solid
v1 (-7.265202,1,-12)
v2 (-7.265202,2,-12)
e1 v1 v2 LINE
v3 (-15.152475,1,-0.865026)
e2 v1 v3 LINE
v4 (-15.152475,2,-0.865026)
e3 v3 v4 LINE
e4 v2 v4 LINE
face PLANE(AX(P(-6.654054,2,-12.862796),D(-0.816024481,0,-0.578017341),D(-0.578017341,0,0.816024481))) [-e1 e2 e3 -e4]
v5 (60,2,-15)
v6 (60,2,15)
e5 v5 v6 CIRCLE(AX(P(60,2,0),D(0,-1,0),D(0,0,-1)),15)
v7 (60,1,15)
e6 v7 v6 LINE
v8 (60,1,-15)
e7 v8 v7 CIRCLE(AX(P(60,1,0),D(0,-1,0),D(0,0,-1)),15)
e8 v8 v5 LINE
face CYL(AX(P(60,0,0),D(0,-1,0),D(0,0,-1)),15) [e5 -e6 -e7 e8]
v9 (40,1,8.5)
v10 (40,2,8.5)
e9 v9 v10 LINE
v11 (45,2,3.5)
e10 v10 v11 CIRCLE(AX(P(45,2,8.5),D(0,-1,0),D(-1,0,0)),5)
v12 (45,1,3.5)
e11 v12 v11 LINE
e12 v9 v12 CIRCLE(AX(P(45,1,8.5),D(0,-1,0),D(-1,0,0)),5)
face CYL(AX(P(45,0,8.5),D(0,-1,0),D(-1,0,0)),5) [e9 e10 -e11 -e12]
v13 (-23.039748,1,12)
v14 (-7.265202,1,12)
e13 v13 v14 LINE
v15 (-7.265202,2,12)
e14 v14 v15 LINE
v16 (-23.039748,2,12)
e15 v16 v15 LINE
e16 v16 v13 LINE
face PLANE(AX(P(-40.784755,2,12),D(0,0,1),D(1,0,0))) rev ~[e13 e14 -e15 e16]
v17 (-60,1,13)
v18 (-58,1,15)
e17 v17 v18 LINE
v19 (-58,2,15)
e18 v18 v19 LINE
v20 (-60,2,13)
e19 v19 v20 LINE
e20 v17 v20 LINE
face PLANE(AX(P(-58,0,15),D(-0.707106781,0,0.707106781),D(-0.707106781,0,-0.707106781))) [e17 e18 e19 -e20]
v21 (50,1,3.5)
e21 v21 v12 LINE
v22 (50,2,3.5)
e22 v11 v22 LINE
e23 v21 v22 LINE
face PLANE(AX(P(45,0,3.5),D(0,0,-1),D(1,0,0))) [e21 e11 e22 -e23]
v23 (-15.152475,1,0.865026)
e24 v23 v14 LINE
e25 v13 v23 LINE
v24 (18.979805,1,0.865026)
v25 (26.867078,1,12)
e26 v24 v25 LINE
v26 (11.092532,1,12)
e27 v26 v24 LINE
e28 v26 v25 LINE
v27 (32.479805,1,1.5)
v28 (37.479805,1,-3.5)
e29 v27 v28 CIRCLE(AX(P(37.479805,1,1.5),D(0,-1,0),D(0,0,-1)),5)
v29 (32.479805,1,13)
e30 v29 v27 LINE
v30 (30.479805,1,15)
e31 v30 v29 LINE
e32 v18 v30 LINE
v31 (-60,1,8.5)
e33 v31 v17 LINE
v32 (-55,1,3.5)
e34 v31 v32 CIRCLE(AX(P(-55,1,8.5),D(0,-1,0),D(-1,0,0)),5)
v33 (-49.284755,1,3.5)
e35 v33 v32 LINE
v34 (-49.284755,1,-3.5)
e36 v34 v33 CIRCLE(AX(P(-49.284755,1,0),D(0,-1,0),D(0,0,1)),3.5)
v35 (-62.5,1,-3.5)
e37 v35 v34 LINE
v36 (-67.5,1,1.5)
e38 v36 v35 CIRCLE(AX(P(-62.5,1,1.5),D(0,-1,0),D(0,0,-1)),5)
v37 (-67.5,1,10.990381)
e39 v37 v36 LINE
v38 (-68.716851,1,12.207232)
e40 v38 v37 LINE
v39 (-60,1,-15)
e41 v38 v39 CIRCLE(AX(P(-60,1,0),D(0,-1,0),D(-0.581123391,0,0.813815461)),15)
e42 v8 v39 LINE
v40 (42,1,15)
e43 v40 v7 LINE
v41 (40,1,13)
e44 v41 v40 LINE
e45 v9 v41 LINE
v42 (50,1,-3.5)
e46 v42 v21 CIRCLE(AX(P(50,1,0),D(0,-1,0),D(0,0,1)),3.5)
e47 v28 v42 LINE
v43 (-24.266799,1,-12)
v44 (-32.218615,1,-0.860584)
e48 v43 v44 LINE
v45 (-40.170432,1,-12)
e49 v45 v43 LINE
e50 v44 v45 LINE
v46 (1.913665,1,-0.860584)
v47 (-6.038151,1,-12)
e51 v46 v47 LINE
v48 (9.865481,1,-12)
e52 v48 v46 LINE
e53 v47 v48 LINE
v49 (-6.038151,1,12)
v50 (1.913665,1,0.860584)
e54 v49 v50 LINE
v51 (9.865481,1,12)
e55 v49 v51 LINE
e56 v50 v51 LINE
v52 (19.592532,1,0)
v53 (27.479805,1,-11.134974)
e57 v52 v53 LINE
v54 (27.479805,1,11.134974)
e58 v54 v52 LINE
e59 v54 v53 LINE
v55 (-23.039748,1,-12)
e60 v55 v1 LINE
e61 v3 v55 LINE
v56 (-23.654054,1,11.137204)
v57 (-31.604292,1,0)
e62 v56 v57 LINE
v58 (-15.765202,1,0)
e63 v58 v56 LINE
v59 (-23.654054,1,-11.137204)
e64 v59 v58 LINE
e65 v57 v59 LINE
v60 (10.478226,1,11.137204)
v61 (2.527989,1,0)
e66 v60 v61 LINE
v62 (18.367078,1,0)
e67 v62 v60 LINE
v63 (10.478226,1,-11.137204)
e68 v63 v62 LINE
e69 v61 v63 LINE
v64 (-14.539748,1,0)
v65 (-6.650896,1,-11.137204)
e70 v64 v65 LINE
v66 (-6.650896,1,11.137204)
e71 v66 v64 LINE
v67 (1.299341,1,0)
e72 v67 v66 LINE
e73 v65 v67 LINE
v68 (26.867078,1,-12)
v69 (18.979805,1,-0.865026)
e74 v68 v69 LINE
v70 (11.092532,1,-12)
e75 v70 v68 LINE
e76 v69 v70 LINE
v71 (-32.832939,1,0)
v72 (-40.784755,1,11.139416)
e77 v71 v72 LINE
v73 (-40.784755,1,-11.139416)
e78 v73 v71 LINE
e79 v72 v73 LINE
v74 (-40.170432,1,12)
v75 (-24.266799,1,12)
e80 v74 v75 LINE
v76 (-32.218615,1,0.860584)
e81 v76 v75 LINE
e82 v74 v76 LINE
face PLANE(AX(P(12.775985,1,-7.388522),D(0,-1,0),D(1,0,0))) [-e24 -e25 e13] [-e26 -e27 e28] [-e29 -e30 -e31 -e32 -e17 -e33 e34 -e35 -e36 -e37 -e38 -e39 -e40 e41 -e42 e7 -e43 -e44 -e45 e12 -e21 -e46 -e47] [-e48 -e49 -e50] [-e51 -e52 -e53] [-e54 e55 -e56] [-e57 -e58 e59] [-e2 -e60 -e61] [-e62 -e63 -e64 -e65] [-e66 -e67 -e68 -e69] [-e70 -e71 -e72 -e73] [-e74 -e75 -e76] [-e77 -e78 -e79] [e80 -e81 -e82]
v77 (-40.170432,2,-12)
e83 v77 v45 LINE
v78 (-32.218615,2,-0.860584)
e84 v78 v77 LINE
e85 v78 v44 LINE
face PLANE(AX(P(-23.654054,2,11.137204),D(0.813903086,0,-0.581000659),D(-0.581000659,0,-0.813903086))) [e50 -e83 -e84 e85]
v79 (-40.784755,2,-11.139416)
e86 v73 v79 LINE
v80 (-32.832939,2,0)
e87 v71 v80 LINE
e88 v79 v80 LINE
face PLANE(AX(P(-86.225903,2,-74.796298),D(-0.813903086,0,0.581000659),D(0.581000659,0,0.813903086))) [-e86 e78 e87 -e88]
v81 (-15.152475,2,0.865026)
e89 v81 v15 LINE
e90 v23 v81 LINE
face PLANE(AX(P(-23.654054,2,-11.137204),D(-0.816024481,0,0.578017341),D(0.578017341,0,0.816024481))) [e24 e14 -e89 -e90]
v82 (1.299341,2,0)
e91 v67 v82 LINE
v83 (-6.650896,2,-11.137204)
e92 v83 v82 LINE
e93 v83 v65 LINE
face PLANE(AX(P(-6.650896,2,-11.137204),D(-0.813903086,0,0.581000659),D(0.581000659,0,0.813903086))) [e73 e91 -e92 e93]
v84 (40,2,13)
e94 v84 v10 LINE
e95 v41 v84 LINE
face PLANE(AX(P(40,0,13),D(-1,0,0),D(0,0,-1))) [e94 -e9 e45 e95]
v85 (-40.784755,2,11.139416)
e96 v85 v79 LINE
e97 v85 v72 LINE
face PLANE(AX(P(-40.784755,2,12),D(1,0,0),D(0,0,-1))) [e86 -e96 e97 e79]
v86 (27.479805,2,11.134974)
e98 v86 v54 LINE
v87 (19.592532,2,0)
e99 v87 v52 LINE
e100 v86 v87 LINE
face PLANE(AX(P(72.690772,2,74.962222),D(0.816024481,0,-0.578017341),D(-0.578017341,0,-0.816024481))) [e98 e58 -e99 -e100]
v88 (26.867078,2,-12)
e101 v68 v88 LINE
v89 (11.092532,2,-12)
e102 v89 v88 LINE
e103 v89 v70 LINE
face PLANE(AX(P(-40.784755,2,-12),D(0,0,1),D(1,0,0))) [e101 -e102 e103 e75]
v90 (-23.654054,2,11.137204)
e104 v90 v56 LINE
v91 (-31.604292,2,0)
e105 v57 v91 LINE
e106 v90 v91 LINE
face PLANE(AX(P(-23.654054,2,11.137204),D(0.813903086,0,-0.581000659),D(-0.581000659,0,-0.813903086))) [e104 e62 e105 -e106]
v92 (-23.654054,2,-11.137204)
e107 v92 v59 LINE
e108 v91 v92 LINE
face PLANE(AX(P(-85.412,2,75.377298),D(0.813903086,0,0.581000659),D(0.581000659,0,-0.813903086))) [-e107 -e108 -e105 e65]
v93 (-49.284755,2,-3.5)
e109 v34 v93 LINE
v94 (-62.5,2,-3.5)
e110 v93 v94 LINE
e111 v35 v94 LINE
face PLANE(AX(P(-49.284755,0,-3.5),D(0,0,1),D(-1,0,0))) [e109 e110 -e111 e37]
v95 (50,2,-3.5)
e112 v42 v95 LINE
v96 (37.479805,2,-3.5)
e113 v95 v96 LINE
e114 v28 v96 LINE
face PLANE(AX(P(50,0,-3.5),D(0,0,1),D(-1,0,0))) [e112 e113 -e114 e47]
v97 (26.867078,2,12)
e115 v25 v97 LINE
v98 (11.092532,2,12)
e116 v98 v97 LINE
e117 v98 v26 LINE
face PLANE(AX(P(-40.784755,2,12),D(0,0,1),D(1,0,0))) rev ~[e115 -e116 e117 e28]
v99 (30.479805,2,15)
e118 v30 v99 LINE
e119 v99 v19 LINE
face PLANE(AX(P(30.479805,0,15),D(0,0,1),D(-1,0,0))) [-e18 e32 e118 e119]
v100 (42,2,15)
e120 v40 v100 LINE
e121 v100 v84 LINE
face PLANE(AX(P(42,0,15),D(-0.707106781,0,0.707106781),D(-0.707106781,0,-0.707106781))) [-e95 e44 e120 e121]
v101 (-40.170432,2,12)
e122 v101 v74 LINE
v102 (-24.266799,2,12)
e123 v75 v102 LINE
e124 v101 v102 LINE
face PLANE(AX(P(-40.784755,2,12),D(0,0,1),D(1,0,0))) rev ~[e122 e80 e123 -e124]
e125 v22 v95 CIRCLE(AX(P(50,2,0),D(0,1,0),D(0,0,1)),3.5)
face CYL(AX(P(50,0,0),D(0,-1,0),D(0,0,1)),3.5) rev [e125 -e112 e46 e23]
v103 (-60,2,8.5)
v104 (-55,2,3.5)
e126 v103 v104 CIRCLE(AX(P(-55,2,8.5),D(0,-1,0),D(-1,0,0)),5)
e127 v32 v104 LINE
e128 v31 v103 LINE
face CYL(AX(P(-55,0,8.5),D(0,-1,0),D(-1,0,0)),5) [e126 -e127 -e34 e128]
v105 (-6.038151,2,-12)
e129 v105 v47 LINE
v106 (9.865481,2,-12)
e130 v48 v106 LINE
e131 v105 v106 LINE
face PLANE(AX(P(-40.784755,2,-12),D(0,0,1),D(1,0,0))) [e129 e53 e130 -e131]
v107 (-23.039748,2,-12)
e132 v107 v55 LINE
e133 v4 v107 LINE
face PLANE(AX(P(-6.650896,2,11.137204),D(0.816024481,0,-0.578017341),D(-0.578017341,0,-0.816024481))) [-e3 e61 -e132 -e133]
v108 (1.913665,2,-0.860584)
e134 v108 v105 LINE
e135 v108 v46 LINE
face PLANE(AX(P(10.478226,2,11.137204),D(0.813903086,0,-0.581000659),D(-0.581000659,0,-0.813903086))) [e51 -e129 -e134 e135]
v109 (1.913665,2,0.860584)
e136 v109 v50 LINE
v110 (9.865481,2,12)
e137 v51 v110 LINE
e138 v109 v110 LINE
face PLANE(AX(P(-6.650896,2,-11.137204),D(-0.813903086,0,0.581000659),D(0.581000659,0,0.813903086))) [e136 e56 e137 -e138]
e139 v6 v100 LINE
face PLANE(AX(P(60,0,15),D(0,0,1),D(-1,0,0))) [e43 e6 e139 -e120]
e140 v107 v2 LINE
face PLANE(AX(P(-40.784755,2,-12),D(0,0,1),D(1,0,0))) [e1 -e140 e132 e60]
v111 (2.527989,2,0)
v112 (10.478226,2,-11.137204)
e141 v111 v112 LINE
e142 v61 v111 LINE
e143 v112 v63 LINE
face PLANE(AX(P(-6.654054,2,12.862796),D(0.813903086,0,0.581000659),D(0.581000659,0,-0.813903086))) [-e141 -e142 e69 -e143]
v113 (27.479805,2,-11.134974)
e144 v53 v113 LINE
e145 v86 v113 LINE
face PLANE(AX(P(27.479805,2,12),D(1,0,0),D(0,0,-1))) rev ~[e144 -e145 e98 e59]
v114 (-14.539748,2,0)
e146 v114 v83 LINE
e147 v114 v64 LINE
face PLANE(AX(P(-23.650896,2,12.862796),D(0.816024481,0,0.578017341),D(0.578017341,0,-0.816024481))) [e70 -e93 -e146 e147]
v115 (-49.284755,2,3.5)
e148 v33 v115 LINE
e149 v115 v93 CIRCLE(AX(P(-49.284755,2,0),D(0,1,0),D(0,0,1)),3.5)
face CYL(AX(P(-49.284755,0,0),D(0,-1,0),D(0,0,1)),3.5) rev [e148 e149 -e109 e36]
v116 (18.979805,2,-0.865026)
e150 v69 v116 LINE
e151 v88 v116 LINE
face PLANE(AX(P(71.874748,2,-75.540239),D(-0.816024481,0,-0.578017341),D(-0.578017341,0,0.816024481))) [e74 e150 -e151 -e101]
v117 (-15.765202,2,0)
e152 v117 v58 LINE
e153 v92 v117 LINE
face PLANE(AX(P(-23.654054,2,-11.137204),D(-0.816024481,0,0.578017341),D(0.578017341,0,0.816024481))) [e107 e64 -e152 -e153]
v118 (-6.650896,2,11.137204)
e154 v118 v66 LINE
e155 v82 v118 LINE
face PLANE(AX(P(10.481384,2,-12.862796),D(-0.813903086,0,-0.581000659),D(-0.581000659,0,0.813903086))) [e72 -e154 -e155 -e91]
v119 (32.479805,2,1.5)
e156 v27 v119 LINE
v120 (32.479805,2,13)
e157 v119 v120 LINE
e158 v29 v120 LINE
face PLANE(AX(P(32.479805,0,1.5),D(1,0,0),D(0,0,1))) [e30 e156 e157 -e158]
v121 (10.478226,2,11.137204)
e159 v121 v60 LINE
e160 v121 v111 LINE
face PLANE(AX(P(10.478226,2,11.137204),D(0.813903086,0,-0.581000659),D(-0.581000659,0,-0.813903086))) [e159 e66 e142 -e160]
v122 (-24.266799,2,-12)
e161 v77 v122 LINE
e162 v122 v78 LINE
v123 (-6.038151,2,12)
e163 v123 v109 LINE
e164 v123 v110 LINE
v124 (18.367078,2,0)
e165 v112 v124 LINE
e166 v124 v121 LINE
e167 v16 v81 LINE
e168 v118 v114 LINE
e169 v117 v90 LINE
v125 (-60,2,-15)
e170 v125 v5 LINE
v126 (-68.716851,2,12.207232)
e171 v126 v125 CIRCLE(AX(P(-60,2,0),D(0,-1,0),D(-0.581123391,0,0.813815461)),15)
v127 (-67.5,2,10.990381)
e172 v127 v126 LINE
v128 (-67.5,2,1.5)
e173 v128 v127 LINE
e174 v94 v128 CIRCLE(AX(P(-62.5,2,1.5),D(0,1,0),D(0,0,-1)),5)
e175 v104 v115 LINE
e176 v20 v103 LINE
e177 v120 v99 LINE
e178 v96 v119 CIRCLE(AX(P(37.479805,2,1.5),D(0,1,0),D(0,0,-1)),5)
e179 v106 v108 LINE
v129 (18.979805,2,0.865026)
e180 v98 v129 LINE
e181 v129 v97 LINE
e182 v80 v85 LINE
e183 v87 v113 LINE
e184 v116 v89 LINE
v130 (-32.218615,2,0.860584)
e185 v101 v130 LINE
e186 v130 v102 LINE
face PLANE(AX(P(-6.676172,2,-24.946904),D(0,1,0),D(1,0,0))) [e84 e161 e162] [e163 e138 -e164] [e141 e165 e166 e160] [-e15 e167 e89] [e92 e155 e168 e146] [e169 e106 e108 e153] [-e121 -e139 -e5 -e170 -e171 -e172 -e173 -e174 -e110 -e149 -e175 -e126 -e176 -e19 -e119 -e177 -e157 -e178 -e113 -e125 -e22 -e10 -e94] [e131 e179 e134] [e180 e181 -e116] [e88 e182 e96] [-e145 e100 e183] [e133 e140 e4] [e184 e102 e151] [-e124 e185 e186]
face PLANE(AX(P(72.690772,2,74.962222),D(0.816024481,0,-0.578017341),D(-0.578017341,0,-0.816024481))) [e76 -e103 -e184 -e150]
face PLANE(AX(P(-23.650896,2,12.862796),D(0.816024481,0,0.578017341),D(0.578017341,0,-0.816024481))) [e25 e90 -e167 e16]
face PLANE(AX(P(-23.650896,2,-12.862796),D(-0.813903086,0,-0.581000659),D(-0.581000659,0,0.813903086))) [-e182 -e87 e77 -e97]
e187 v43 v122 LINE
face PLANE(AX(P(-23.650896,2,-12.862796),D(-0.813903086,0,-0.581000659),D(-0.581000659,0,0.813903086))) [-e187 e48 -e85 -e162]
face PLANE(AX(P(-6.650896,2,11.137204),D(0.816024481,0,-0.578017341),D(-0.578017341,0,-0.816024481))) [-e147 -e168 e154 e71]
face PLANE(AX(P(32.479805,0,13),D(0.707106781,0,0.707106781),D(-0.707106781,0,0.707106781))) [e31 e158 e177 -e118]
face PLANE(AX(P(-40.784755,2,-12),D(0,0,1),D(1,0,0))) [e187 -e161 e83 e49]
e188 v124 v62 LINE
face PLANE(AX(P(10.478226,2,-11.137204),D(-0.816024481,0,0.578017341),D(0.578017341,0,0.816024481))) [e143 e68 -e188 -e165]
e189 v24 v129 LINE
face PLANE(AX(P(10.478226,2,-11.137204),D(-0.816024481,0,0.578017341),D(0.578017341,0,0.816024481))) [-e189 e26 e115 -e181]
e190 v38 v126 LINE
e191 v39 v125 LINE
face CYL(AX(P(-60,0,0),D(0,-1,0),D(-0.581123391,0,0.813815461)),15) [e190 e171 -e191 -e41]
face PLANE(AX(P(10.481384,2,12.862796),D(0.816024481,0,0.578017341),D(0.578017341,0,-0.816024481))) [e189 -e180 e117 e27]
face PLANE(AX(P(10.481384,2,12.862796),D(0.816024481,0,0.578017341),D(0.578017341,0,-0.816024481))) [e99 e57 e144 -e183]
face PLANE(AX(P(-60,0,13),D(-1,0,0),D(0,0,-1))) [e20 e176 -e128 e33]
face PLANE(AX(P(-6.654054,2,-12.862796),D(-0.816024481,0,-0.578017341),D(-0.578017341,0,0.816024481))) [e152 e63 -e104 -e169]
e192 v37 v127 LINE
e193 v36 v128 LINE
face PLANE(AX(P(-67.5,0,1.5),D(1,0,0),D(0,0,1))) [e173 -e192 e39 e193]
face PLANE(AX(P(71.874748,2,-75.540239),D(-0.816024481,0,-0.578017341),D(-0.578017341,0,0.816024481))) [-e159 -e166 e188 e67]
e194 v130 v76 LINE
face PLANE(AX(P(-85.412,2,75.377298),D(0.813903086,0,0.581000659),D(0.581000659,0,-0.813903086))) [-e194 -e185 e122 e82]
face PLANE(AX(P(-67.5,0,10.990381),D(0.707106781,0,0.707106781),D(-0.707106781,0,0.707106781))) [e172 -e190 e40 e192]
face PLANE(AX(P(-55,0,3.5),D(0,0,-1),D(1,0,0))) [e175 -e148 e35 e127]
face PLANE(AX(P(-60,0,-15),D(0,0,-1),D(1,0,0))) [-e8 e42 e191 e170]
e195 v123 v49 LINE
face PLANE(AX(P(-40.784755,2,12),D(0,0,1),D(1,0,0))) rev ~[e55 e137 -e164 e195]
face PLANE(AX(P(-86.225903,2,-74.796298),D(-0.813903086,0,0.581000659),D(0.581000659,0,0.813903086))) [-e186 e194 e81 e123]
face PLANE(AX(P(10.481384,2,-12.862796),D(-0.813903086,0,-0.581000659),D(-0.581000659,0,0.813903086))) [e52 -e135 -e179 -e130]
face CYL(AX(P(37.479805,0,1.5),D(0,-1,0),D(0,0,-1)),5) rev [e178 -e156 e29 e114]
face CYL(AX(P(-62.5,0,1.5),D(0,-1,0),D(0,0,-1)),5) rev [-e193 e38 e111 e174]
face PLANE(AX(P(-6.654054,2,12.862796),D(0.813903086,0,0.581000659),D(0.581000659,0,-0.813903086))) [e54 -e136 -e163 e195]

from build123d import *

# Parameters (mm, degrees)
BOSS_EXTRUDE1_DEPTH = 2
SKETCH2_W           = 68.264560608
SKETCH2_H           = 24
CUT_EXTRUDE2_DEPTH  = 1.9
RIB1_REACH          = 78.511
SKETCH4_W           = 200.105791224
SKETCH4_H           = 76.194128196
CUT_EXTRUDE3_DEPTH  = 1


with BuildPart() as part:
    # Sketch1 → Boss-Extrude1 (new body)
    with BuildSketch(Plane(origin=(0, 0, 0), x_dir=(1, 0, 0), z_dir=(0, 1, 0))):
        with BuildLine():
            Line((-60, 15), (60, 15))
            ThreePointArc((60, 15), (75, 0), (60, -15))
            Line((60, -15), (42, -15))
            Line((42, -15), (40, -13))
            Line((40, -13), (40, -8.5))
            ThreePointArc((40, -8.5), (41.464466094, -4.964466094), (45, -3.5))
            Line((45, -3.5), (50, -3.5))
            ThreePointArc((50, -3.5), (53.5, 0), (50, 3.5))
            Line((50, 3.5), (37.479805119, 3.5))
            ThreePointArc((37.479805119, 3.5), (33.944271213, 2.035533906), (32.479805119, -1.5))
            Line((32.479805119, -1.5), (32.479805119, -13))
            Line((32.479805119, -13), (30.479805119, -15))
            Line((30.479805119, -15), (-58, -15))
            Line((-58, -15), (-60, -13))
            Line((-60, -13), (-60, -8.5))
            ThreePointArc((-60, -8.5), (-58.535533906, -4.964466094), (-55, -3.5))
            Line((-55, -3.5), (-49.284755489, -3.5))
            ThreePointArc((-49.284755489, -3.5), (-45.784755489, 0), (-49.284755489, 3.5))
            Line((-49.284755489, 3.5), (-62.5, 3.5))
            ThreePointArc((-62.5, 3.5), (-66.035533906, 2.035533906), (-67.5, -1.5))
            Line((-67.5, -1.5), (-67.5, -10.990381057))
            Line((-67.5, -10.990381057), (-68.71685086, -12.207231917))
            ThreePointArc((-68.71685086, -12.207231917), (-74.284755489, 4.576653867), (-60, 15))
        make_face()
    extrude(amount=BOSS_EXTRUDE1_DEPTH)

    # Sketch2 → Cut-Extrude2 (cut)
    with BuildSketch(Plane(origin=(0, 2, 0), x_dir=(1, 0, 0), z_dir=(0, 1, 0))):
        with Locations((-6.652475185, 0)):
            Rectangle(SKETCH2_W, SKETCH2_H)
    extrude(amount=-CUT_EXTRUDE2_DEPTH, mode=Mode.SUBTRACT)

    # Sketch3 walls → Rib1 (add, up to next)
    with BuildSketch(Plane(origin=(0, 2, 0), x_dir=(1, 0, 0), z_dir=(0, 1, 0)), mode=Mode.PRIVATE) as rib1_sk1:
        Polygon((72.690772086, -74.962221531), (10.481384328, 12.862796479), (-6.650895976, -11.137203521), (-23.650895976, 12.862796479), (-86.225903046, -74.796297525), (-85.411999959, -75.377298184), (-23.654054394, 11.137203521), (-6.654054394, -12.862796479), (10.47822591, 11.137203521), (71.874747605, -75.540238871), align=None)
    rib1_tool1 = extrude(rib1_sk1.sketch, amount=-RIB1_REACH, mode=Mode.PRIVATE) - part.part
    # Sketch3 walls → Rib1 (add, up to next)
    with BuildSketch(Plane(origin=(0, 2, 0), x_dir=(1, 0, 0), z_dir=(0, 1, 0)), mode=Mode.PRIVATE) as rib1_sk2:
        Polygon((-86.225903046, 74.796297525), (-23.650895976, -12.862796479), (-6.650895976, 11.137203521), (10.481384328, -12.862796479), (72.690772086, 74.962221531), (71.874747605, 75.540238871), (10.47822591, -11.137203521), (-6.654054394, 12.862796479), (-23.654054394, -11.137203521), (-85.411999959, 75.377298184), align=None)
    rib1_tool2 = extrude(rib1_sk2.sketch, amount=-RIB1_REACH, mode=Mode.PRIVATE) - part.part
    add(rib1_tool1.solids().sort_by_distance((-15.152475185, 2, 0))[0])
    add(rib1_tool2.solids().sort_by_distance((1.913664967, 2, 0))[0])

    # Sketch4 → Cut-Extrude3 (cut)
    with BuildSketch(Plane.XZ):
        with Locations((12.775985132, -7.388521522)):
            Rectangle(SKETCH4_W, SKETCH4_H)
    extrude(amount=-CUT_EXTRUDE3_DEPTH, mode=Mode.SUBTRACT)


solid = part.part
